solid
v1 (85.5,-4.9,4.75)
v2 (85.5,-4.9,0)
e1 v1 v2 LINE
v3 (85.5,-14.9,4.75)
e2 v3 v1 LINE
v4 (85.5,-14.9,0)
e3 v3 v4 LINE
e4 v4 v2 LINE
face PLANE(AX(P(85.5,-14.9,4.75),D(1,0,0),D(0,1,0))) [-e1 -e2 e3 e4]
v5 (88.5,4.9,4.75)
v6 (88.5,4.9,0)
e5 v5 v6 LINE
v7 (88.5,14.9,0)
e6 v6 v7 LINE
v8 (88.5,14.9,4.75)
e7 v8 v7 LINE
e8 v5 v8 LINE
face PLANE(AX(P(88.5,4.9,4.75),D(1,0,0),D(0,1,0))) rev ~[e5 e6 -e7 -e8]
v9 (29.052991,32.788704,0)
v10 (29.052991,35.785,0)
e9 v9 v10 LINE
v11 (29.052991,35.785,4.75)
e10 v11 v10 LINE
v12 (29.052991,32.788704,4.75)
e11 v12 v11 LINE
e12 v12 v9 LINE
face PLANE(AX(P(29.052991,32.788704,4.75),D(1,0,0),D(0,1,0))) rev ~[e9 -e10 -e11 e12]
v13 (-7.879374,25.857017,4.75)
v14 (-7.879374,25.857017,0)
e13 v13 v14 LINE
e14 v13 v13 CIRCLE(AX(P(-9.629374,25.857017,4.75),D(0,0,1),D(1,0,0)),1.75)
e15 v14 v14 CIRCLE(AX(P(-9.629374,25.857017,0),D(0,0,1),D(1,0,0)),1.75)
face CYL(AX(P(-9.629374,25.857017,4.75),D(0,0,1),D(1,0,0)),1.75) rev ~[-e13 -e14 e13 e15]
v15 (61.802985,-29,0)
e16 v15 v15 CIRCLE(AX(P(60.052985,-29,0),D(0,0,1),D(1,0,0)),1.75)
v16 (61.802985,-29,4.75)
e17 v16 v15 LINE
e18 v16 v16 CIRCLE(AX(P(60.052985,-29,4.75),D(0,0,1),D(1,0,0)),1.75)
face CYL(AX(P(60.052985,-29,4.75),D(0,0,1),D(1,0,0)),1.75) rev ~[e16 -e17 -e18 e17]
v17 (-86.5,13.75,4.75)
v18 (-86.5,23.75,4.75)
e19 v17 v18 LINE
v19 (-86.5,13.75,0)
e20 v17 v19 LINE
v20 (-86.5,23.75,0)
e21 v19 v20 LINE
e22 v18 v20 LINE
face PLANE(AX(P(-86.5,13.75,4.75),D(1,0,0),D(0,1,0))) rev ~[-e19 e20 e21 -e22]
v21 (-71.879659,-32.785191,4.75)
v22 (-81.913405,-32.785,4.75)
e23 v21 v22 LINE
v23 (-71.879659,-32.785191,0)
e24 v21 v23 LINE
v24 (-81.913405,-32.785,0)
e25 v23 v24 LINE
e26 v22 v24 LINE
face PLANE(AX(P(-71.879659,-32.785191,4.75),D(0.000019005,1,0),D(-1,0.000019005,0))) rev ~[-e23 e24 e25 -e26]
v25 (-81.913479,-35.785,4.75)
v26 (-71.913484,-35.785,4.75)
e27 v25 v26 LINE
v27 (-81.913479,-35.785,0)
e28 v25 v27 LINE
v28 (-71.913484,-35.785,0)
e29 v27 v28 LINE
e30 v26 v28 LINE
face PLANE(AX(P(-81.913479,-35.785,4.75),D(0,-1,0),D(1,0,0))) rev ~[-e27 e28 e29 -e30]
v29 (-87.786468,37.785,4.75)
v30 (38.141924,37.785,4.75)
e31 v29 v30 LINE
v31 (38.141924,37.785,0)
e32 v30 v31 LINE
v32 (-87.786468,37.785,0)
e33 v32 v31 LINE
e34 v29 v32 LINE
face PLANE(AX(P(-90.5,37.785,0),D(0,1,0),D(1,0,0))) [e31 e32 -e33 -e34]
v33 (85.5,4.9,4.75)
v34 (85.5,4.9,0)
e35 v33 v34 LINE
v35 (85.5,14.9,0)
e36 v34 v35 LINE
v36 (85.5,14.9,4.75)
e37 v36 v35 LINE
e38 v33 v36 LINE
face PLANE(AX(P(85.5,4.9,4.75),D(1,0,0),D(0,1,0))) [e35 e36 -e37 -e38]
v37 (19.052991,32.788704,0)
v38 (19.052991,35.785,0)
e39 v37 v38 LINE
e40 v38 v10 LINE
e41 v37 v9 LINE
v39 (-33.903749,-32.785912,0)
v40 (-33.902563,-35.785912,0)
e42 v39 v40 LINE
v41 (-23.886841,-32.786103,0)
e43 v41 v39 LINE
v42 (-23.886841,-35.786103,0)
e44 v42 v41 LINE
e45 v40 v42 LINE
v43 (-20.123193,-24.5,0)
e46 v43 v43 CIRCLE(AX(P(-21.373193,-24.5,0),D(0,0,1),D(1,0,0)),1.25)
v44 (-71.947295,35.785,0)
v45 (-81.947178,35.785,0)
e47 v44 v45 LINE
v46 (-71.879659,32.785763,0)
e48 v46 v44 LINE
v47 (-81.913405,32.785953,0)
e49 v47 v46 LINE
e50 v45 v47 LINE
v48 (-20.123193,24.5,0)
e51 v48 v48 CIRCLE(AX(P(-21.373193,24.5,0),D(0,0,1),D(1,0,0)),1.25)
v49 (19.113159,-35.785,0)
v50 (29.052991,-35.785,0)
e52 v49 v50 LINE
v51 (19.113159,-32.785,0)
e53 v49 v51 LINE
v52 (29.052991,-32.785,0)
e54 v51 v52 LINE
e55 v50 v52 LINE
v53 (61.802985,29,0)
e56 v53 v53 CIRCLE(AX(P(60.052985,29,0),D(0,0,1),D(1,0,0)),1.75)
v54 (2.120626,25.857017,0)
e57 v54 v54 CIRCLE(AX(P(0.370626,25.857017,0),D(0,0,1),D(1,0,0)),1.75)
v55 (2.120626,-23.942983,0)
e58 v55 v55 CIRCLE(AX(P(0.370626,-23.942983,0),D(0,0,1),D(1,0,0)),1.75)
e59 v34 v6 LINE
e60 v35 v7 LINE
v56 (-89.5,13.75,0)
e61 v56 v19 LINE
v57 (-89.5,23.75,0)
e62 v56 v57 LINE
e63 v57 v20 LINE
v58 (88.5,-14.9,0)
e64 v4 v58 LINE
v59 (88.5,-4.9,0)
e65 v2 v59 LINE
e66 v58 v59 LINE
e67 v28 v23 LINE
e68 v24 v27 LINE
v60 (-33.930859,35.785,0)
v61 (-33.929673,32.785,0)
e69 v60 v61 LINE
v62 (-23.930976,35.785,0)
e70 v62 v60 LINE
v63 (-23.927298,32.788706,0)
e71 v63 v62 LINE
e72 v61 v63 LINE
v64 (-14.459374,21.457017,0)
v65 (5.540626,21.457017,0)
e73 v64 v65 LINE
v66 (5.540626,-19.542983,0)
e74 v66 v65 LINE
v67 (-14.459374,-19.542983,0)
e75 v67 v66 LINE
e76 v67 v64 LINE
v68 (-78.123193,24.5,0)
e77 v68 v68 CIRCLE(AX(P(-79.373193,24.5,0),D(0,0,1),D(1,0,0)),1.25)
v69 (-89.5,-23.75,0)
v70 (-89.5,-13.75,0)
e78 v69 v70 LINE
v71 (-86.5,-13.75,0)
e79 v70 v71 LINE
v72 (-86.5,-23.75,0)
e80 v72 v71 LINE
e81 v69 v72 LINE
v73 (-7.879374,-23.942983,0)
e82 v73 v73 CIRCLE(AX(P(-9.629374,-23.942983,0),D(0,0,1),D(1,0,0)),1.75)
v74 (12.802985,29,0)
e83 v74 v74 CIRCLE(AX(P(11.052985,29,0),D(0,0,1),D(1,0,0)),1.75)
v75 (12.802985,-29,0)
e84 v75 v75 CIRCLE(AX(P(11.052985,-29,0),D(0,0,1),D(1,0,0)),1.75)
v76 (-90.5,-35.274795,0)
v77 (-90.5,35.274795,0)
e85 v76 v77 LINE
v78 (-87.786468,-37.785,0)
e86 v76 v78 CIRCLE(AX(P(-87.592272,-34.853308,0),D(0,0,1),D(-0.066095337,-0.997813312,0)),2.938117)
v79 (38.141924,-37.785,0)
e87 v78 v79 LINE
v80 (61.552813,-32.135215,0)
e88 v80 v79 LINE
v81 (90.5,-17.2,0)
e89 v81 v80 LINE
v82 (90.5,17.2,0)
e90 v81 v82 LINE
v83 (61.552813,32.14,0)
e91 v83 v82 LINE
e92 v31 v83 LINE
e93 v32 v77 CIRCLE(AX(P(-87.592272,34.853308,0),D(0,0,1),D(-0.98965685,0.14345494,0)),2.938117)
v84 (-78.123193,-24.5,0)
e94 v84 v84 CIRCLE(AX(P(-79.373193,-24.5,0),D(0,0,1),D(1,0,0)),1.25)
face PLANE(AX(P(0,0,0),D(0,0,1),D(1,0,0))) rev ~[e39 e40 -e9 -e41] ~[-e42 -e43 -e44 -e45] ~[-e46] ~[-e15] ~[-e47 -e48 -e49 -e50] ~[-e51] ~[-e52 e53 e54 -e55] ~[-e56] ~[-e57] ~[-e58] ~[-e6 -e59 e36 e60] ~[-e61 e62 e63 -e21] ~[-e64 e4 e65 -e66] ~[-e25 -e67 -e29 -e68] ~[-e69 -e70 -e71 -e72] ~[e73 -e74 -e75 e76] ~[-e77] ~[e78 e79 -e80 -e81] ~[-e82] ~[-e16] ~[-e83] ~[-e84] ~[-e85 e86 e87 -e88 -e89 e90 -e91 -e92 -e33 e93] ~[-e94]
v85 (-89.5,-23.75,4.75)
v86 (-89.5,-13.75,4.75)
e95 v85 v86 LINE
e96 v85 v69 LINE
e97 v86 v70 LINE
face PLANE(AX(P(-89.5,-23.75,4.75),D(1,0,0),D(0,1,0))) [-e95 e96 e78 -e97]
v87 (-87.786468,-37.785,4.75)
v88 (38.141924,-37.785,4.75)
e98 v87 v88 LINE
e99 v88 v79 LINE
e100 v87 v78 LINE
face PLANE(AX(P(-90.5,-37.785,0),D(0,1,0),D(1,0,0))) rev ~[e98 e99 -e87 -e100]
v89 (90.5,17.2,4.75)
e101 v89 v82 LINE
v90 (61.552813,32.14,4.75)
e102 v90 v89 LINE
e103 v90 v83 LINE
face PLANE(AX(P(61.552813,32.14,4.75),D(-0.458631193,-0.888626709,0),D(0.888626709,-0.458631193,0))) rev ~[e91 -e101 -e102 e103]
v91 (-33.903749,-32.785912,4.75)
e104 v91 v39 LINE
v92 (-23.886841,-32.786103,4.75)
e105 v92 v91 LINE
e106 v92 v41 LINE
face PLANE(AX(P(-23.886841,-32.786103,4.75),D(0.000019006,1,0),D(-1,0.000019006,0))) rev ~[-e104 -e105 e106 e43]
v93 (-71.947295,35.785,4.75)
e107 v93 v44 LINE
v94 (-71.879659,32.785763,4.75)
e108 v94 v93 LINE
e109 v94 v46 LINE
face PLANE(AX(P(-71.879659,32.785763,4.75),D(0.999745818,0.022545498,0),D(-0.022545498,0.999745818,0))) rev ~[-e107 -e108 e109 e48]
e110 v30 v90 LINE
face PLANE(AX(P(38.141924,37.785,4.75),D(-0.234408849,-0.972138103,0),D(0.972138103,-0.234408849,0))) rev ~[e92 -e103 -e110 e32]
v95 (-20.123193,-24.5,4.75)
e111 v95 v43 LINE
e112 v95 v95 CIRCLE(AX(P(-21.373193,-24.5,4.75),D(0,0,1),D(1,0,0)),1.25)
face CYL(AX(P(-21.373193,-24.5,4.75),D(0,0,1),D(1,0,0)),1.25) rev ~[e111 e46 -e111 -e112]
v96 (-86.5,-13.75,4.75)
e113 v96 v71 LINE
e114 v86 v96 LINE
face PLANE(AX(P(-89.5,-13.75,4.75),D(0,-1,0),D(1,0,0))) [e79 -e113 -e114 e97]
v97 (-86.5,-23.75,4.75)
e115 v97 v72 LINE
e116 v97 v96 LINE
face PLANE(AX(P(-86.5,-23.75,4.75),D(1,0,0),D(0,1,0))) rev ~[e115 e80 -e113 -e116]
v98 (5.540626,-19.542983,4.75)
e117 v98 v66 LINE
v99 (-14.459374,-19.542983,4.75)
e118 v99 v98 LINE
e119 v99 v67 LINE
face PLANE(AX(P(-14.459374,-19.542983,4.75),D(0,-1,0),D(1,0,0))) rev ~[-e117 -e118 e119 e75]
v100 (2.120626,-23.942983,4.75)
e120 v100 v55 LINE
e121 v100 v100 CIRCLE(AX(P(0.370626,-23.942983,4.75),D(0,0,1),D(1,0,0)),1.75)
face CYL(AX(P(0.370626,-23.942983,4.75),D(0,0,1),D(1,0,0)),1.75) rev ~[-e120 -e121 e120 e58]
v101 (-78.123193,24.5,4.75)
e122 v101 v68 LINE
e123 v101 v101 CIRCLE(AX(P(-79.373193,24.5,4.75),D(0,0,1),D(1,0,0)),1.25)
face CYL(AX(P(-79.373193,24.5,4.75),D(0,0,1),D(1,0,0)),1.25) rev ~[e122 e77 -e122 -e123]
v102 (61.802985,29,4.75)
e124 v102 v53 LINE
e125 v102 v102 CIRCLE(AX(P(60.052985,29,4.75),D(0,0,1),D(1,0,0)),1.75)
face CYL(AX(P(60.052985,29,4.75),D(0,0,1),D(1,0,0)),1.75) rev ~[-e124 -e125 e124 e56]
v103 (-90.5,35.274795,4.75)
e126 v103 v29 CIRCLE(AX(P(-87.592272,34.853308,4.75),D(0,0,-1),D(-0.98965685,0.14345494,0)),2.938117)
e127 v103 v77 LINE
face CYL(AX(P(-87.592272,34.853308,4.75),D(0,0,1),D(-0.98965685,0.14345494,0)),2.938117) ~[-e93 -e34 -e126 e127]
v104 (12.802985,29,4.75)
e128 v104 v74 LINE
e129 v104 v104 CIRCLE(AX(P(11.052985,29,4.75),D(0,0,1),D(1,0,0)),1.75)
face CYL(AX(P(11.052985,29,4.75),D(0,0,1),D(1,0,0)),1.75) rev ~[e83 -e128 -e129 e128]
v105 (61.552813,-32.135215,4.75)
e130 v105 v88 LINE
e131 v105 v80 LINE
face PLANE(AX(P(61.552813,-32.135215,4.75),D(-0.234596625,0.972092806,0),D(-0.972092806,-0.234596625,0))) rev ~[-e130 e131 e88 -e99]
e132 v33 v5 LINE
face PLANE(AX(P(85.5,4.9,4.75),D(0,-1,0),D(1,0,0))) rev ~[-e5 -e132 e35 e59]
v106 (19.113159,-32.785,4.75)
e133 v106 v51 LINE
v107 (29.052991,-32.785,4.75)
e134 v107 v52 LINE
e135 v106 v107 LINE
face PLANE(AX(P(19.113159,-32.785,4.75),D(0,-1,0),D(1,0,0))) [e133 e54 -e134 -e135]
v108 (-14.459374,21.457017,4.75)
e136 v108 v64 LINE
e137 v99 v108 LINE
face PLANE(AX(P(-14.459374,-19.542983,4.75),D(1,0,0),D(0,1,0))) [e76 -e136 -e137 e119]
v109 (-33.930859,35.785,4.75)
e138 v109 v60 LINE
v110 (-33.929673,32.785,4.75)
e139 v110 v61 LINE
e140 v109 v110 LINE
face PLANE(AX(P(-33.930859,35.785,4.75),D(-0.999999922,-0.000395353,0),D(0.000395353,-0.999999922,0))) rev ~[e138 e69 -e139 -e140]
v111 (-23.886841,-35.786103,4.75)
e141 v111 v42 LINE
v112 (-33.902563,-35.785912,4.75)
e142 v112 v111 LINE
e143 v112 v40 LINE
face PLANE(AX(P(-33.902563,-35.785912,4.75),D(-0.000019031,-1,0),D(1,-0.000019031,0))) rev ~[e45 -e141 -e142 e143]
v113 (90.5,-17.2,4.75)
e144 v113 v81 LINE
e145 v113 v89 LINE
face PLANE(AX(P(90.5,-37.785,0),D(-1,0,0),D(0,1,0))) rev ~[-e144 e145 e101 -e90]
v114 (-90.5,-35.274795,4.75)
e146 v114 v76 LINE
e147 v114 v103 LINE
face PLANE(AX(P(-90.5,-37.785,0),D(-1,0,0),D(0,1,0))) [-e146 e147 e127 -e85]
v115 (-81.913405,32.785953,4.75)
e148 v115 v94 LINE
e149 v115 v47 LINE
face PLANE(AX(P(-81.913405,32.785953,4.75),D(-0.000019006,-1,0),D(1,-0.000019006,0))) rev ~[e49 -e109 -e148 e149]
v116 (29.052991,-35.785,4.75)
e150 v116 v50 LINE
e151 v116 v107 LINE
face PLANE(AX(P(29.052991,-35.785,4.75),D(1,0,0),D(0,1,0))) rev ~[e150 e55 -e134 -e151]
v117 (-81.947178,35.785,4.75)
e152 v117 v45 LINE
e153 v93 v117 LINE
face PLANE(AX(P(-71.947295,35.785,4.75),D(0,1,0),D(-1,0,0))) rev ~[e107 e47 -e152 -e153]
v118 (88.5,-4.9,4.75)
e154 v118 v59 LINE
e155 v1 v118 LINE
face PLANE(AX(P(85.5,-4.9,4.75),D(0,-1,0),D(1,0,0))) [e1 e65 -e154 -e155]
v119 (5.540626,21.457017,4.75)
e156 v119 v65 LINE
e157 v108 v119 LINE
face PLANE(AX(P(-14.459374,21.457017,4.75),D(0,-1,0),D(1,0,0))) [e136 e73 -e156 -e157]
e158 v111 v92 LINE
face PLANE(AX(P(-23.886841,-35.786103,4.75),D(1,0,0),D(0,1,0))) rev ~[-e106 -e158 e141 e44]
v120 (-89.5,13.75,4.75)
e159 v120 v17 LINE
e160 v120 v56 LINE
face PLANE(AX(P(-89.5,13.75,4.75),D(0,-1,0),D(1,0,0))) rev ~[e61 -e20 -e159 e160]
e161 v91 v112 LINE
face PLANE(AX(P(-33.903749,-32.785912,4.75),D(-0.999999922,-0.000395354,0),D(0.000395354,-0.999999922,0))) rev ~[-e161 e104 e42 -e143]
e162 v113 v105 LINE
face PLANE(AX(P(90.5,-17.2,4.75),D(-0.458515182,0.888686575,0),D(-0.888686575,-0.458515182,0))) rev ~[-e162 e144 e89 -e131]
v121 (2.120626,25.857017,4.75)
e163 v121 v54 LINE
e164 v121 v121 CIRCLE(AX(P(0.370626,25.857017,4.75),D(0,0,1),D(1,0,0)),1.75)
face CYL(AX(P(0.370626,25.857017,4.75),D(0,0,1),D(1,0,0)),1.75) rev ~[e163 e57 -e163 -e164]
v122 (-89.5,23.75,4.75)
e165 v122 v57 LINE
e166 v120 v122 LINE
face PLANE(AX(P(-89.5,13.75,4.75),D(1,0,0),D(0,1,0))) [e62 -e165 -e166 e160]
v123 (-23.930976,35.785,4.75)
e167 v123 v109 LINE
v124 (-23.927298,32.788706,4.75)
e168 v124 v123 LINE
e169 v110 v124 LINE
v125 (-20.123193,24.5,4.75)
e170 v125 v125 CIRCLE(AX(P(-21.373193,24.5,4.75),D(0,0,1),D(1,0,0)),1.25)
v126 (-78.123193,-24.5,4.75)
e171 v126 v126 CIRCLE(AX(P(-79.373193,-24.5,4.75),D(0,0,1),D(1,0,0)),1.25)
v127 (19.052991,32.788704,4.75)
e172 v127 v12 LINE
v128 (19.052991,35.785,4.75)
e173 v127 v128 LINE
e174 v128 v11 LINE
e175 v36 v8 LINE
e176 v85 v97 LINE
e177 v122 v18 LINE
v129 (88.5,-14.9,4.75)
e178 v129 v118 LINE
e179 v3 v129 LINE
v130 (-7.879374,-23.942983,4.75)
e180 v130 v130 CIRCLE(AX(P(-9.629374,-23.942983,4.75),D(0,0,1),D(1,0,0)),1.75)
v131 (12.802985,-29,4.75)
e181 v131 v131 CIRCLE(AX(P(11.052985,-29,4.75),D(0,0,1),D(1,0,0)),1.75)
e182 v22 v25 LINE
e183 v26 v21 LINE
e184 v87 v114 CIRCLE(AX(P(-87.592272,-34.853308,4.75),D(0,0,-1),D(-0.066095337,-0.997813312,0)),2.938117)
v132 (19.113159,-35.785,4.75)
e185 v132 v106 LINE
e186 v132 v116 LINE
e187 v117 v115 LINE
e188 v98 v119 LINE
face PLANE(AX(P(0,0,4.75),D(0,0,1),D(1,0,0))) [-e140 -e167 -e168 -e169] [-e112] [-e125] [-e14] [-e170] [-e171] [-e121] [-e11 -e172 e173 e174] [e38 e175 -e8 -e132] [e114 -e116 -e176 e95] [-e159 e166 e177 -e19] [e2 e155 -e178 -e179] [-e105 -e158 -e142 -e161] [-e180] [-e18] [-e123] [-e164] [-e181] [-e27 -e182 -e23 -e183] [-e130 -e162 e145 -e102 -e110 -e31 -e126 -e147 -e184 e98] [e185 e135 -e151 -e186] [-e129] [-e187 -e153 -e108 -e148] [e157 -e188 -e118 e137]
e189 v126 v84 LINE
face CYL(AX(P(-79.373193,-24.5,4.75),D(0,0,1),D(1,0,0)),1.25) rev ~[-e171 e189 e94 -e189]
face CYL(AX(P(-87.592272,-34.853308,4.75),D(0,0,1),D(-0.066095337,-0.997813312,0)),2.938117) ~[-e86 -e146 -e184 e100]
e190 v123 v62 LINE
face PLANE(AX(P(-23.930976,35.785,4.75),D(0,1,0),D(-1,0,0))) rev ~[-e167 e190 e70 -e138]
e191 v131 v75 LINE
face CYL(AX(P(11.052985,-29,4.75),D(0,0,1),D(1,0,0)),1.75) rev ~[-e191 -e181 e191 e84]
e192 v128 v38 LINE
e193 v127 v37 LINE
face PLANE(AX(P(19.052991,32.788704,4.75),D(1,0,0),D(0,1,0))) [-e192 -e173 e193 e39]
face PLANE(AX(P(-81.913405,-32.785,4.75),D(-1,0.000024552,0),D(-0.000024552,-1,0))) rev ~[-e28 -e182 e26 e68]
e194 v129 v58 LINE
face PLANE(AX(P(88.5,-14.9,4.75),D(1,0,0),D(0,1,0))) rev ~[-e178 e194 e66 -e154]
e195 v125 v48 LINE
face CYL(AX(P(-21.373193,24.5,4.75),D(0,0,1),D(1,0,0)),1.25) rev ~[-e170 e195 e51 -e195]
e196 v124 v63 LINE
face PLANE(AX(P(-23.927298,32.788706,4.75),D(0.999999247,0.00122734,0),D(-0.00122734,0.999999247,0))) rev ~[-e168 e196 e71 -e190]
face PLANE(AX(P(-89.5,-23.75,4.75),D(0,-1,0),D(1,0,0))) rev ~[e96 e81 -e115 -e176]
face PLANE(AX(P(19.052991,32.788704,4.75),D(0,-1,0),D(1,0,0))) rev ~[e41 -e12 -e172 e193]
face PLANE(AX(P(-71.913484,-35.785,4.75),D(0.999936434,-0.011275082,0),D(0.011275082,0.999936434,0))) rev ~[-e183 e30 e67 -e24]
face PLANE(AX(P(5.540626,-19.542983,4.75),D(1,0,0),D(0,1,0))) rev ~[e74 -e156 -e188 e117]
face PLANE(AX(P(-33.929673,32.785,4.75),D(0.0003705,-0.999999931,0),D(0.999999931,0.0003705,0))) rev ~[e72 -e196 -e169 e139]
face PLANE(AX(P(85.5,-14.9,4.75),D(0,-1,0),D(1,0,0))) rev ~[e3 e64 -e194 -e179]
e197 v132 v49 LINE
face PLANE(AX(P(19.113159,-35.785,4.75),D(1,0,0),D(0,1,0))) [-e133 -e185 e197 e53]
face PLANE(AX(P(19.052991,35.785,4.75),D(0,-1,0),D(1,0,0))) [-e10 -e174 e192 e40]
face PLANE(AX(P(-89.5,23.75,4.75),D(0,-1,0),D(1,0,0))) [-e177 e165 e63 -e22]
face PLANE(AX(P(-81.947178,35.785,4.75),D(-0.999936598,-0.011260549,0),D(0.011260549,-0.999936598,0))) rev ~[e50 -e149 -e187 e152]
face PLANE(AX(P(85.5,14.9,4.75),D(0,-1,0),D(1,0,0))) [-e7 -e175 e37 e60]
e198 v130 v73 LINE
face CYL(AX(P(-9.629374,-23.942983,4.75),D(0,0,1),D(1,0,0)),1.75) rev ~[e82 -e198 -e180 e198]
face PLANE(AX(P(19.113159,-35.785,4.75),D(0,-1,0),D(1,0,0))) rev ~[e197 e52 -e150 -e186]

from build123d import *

# Parameters (mm, degrees)
SKETCH1_W           = 181
SKETCH1_H           = 75.57
BOSS_EXTRUDE2_DEPTH = 4.75
SKETCH6_W           = 3
SKETCH6_H           = 10
SKETCH6_W_2         = 10
SKETCH6_H_2         = 2.996296141
SKETCH6_W_3         = 9.939831887
SKETCH6_H_3         = 3
SKETCH6_W_4         = 20
SKETCH6_H_4         = 41
SKETCH6_R           = 1.75
SKETCH6_R_2         = 1.25
CUT_EXTRUDE7_DEPTH  = 9


with BuildPart() as part:
    # Sketch1 → Boss-Extrude2 (new body)
    with BuildSketch(Plane.XY):
        Rectangle(SKETCH1_W, SKETCH1_H)
    extrude(amount=BOSS_EXTRUDE2_DEPTH)

    # Sketch6 → Cut-Extrude7 (cut)
    with BuildSketch(Plane.XY.offset(4.75)):
        with BuildLine():
            Line((-90.5, 37.785), (-90.5, 35.274795088))
            ThreePointArc((-90.5, 35.274795088), (-89.587457665, 37.010103297), (-87.786468161, 37.785))
            Line((-87.786468161, 37.785), (-90.5, 37.785))
        make_face()
        with BuildLine():
            ThreePointArc((-87.786468161, -37.785), (-89.587457665, -37.010103297), (-90.5, -35.274795088))
            Line((-90.5, -35.274795088), (-90.5, -37.785))
            Line((-90.5, -37.785), (-87.786468161, -37.785))
        make_face()
        Polygon((90.5, 37.785), (38.141923512, 37.785), (61.552812751, 32.14), (90.5, 17.2), align=None)
        Polygon((61.552812751, -32.135214744), (38.141923512, -37.785), (90.5, -37.785), (90.5, -17.2), align=None)
        Polygon((-81.947178372, 35.785), (-81.913405317, 32.785953243), (-71.879658735, 32.785762546), (-71.94729523, 35.785), align=None)
        with Locations((-88, 18.75)):
            Rectangle(SKETCH6_W, SKETCH6_H)
        with Locations((-88, -18.75)):
            Rectangle(SKETCH6_W, SKETCH6_H)
        Polygon((-33.930858677, 35.785), (-33.929672617, 32.785000234), (-23.927298062, 32.788706115), (-23.930975535, 35.785), align=None)
        Polygon((-71.879658735, -32.785190697), (-81.913405317, -32.785000001), (-81.913478974, -35.785), (-71.913483982, -35.785), align=None)
        Polygon((-33.903748919, -32.785912448), (-33.902562858, -35.785912214), (-23.88684069, -35.786102825), (-23.88684069, -32.786102825), align=None)
        with Locations((87, 9.9)):
            Rectangle(SKETCH6_W, SKETCH6_H)
        with Locations((24.052991197, 34.28685193)):
            Rectangle(SKETCH6_W_2, SKETCH6_H_2)
        with Locations((24.083075253, -34.285)):
            Rectangle(SKETCH6_W_3, SKETCH6_H_3)
        with Locations((-4.459374015, 0.957016564)):
            Rectangle(SKETCH6_W_4, SKETCH6_H_4)
        with Locations((87, -9.9)):
            Rectangle(SKETCH6_W, SKETCH6_H)
        with Locations((-9.629374015, 25.857016564)):
            Circle(SKETCH6_R)
        with Locations((0.370625985, 25.857016564)):
            Circle(SKETCH6_R)
        with Locations((0.370625985, -23.942983436)):
            Circle(SKETCH6_R)
        with Locations((-9.629374015, -23.942983436)):
            Circle(SKETCH6_R)
        with Locations((11.052985258, -29)):
            Circle(SKETCH6_R)
        with Locations((11.052985258, 29)):
            Circle(SKETCH6_R)
        with Locations((60.052985258, -29)):
            Circle(SKETCH6_R)
        with Locations((60.052985258, 29)):
            Circle(SKETCH6_R)
        with Locations((-79.373192673, 24.5)):
            Circle(SKETCH6_R_2)
        with Locations((-79.373192673, -24.5)):
            Circle(SKETCH6_R_2)
        with Locations((-21.373192673, -24.5)):
            Circle(SKETCH6_R_2)
        with Locations((-21.373192673, 24.5)):
            Circle(SKETCH6_R_2)
    extrude(amount=-CUT_EXTRUDE7_DEPTH, mode=Mode.SUBTRACT)


solid = part.part
